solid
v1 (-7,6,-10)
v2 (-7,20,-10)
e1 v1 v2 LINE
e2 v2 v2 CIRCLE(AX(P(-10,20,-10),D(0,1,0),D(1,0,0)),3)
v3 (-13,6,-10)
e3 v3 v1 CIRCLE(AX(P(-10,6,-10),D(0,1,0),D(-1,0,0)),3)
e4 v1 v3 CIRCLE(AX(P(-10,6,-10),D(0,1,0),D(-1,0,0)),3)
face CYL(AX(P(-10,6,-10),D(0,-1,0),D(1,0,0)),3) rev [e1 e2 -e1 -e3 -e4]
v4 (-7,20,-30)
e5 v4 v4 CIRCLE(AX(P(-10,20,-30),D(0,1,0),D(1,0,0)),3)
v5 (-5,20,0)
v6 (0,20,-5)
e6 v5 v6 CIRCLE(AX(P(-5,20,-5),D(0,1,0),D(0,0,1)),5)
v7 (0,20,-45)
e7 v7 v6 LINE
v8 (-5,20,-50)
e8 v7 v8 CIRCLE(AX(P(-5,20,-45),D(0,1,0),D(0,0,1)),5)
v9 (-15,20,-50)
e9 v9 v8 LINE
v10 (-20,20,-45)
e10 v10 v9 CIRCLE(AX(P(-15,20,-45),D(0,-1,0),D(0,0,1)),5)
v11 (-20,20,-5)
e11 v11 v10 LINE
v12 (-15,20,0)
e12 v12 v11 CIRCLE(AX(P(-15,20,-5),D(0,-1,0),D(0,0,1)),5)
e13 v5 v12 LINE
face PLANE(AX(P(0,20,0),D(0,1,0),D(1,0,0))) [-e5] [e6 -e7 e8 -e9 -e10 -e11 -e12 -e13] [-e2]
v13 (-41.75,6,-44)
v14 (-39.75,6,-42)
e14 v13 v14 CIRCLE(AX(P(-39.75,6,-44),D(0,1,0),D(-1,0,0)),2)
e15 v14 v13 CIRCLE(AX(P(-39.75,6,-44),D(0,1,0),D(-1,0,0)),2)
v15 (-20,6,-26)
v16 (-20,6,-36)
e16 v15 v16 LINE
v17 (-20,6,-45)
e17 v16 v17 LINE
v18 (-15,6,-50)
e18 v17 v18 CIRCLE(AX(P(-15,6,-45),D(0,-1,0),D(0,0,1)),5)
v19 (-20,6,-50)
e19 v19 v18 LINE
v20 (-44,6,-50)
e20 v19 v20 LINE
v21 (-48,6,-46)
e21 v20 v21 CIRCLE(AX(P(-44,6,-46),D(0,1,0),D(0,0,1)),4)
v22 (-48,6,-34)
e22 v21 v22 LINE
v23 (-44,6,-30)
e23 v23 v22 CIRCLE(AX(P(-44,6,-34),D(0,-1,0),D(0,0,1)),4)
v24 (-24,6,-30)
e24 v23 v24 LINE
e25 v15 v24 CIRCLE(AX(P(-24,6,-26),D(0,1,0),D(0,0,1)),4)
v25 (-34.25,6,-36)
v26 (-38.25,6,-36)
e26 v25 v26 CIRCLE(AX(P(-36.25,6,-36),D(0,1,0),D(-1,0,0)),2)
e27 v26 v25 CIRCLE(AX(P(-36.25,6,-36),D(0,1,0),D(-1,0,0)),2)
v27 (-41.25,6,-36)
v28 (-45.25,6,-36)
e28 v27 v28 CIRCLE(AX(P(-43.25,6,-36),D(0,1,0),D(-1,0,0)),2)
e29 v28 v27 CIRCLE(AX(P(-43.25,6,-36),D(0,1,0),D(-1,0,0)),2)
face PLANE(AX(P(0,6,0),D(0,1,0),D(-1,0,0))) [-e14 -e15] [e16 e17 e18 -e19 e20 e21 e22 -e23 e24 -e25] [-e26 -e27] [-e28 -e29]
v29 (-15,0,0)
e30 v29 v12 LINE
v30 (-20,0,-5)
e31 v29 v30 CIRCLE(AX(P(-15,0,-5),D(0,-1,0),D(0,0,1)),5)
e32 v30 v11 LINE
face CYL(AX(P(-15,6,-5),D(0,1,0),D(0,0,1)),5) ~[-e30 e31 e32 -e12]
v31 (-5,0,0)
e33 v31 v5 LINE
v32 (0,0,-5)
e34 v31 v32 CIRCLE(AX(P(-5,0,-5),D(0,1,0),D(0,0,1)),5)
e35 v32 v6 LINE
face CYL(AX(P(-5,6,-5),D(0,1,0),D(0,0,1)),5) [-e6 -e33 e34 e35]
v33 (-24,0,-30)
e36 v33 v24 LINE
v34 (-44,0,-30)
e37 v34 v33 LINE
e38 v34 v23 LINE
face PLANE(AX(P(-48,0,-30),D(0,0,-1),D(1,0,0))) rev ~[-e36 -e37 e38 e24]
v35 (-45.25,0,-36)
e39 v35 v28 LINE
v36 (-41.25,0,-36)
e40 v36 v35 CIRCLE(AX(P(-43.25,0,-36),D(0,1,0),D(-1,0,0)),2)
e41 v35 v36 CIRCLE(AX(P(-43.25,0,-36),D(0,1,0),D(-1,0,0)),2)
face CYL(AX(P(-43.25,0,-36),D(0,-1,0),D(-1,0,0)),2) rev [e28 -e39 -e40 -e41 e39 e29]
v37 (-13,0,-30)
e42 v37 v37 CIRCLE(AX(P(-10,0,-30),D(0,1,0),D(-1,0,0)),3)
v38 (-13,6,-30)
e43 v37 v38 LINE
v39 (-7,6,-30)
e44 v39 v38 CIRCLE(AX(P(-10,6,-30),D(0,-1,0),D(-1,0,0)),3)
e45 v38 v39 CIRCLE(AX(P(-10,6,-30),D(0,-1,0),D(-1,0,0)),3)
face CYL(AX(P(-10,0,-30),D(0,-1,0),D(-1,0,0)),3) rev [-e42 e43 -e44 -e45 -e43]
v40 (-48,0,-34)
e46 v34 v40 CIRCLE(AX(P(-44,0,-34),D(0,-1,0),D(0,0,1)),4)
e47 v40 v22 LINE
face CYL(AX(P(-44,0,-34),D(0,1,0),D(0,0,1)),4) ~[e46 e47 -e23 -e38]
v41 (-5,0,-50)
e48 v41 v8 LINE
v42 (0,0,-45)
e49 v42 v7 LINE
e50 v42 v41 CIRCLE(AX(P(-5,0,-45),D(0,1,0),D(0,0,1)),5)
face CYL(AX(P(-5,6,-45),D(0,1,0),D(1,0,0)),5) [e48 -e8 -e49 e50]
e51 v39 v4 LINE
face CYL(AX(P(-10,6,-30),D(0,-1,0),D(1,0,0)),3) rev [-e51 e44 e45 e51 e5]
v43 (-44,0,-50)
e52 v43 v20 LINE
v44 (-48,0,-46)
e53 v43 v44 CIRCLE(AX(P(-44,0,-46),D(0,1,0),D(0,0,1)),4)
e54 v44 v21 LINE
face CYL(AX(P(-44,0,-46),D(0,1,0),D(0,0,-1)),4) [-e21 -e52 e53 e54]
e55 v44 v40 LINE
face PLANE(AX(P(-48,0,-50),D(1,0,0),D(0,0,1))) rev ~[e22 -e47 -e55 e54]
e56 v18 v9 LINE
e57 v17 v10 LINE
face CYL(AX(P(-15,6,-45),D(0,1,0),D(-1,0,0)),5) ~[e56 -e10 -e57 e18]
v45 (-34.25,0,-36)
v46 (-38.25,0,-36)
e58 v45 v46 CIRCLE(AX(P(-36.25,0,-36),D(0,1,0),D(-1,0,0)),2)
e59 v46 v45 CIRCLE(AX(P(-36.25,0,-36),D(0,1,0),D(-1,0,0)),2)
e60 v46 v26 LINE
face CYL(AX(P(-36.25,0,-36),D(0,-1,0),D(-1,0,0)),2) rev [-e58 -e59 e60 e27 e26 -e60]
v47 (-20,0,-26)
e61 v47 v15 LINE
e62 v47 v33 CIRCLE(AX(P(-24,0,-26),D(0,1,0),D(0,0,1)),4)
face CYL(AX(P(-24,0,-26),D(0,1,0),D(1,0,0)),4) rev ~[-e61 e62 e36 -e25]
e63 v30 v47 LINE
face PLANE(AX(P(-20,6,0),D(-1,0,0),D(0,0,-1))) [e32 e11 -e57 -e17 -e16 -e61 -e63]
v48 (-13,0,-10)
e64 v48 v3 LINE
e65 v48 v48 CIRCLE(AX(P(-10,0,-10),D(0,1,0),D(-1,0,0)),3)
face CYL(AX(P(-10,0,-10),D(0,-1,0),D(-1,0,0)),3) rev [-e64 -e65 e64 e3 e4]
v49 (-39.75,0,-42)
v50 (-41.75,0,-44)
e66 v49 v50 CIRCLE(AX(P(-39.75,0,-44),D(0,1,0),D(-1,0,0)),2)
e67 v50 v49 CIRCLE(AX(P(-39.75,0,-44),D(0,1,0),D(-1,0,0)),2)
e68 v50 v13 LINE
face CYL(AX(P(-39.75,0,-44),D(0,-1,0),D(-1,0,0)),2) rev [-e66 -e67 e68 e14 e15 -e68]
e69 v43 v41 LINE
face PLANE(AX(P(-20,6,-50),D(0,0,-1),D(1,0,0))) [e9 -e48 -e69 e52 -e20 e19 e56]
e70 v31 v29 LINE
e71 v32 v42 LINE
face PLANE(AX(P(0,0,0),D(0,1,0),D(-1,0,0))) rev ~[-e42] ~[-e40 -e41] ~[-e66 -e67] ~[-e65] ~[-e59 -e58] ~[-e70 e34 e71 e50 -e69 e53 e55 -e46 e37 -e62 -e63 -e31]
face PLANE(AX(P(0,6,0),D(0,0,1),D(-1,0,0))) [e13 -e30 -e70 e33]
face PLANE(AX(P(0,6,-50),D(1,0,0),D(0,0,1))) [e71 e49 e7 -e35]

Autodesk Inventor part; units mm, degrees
ref_plane "YZ Plane" through (0, 0, 0) normal (1, 0, 0) x (0, 1, 0)
ref_plane "XZ Plane" through (0, 0, 0) normal (0, 1, 0) x (-1, 0, 0)
ref_plane "XY Plane" through (0, 0, 0) normal (0, 0, 1) x (1, 0, 0)
sketch "Sketch1" plane through (0, 0, 0) normal (0, 1, 0) x (-1, 0, 0)
  line L0 (0, 0) -> (20, 0)
  line L1 (20, 0) -> (20, -50)
  line L2 (20, -50) -> (0, -50)
  line L3 (0, -50) -> (0, 0)
  line L4 (0, -50) -> (48, -50)
  line L5 (48, -50) -> (48, -30)
  line L6 (48, -30) -> (0, -30)
  line L7 (0, -30) -> (0, -50)
  circle A0 centre (10, -10) radius 3
  circle A1 centre (10, -30) radius 3
  line L8 (20, -50) -> (20, -36)
  line L9 (20, -36) -> (31, -36)
  line L10 (31, -36) -> (36.25, -36)
  circle A2 centre (36.25, -36) radius 2
  line L11 (36.25, -36) -> (43.25, -36)
  circle A3 centre (43.25, -36) radius 2
  line L12 (39.75, -36) -> (39.75, -44)
  circle A4 centre (39.75, -44) radius 2
  point P0 (20, -30)
  dimension "d0" = 20
  dimension "d1" = 50
  dimension "d2" = 48
  dimension "d3" = 20
  dimension "d4" = 6
  dimension "d5" = 6
  dimension "d6" = 10
  dimension "d7" = 10
  dimension "d8" = 20
  dimension "d9" = 10
  dimension "d10" = 11
  dimension "d11" = 5.25
  dimension "d12" = 14
  dimension "d13" = 4
  dimension "d14" = 7
  dimension "d15" = 4
  dimension "d21" = 8
  dimension "d22" = 4
extrude "Extrusion1" add sketch "Sketch1" along normal blind 6 contours L0 L1 L6 A1 L3 | L6 A1 L1 L2 L3 | L6 L5 L4 L1
fillet "Fillet1" radius 4 6 edges at (-20, 3, 0) (0, 3, 0) (-20, 3, -30) (-48, 3, -30) (-48, 3, -50) (0, 3, -50)
sketch "Sketch2" plane through (0, 6, 0) normal (0, 1, 0) x (1, 0, 0)
  line L0 (0, 0) -> (-20, 0)
  line L1 (-20, 0) -> (-20, 50)
  line L2 (-20, 50) -> (0, 50)
  line L3 (0, 50) -> (0, 0)
  circle A0 centre (-10, 30) radius 3 projected
  circle A1 centre (-10, 30) radius 3
  circle A2 centre (-10, 10) radius 3 projected
  circle A3 centre (-10, 10) radius 3
  dimension "d23" = 20
  dimension "d24" = 50
extrude "Extrusion2" add sketch "Sketch2" along normal blind 14
fillet "Fillet2" radius 5 3 edges at (0, 13, -50) (0, 13, 0) (-20, 13, 0)
fillet "Fillet3" radius 5 1 edges at (-20, 13, -50)
properties part number "CableChain_Mount"
